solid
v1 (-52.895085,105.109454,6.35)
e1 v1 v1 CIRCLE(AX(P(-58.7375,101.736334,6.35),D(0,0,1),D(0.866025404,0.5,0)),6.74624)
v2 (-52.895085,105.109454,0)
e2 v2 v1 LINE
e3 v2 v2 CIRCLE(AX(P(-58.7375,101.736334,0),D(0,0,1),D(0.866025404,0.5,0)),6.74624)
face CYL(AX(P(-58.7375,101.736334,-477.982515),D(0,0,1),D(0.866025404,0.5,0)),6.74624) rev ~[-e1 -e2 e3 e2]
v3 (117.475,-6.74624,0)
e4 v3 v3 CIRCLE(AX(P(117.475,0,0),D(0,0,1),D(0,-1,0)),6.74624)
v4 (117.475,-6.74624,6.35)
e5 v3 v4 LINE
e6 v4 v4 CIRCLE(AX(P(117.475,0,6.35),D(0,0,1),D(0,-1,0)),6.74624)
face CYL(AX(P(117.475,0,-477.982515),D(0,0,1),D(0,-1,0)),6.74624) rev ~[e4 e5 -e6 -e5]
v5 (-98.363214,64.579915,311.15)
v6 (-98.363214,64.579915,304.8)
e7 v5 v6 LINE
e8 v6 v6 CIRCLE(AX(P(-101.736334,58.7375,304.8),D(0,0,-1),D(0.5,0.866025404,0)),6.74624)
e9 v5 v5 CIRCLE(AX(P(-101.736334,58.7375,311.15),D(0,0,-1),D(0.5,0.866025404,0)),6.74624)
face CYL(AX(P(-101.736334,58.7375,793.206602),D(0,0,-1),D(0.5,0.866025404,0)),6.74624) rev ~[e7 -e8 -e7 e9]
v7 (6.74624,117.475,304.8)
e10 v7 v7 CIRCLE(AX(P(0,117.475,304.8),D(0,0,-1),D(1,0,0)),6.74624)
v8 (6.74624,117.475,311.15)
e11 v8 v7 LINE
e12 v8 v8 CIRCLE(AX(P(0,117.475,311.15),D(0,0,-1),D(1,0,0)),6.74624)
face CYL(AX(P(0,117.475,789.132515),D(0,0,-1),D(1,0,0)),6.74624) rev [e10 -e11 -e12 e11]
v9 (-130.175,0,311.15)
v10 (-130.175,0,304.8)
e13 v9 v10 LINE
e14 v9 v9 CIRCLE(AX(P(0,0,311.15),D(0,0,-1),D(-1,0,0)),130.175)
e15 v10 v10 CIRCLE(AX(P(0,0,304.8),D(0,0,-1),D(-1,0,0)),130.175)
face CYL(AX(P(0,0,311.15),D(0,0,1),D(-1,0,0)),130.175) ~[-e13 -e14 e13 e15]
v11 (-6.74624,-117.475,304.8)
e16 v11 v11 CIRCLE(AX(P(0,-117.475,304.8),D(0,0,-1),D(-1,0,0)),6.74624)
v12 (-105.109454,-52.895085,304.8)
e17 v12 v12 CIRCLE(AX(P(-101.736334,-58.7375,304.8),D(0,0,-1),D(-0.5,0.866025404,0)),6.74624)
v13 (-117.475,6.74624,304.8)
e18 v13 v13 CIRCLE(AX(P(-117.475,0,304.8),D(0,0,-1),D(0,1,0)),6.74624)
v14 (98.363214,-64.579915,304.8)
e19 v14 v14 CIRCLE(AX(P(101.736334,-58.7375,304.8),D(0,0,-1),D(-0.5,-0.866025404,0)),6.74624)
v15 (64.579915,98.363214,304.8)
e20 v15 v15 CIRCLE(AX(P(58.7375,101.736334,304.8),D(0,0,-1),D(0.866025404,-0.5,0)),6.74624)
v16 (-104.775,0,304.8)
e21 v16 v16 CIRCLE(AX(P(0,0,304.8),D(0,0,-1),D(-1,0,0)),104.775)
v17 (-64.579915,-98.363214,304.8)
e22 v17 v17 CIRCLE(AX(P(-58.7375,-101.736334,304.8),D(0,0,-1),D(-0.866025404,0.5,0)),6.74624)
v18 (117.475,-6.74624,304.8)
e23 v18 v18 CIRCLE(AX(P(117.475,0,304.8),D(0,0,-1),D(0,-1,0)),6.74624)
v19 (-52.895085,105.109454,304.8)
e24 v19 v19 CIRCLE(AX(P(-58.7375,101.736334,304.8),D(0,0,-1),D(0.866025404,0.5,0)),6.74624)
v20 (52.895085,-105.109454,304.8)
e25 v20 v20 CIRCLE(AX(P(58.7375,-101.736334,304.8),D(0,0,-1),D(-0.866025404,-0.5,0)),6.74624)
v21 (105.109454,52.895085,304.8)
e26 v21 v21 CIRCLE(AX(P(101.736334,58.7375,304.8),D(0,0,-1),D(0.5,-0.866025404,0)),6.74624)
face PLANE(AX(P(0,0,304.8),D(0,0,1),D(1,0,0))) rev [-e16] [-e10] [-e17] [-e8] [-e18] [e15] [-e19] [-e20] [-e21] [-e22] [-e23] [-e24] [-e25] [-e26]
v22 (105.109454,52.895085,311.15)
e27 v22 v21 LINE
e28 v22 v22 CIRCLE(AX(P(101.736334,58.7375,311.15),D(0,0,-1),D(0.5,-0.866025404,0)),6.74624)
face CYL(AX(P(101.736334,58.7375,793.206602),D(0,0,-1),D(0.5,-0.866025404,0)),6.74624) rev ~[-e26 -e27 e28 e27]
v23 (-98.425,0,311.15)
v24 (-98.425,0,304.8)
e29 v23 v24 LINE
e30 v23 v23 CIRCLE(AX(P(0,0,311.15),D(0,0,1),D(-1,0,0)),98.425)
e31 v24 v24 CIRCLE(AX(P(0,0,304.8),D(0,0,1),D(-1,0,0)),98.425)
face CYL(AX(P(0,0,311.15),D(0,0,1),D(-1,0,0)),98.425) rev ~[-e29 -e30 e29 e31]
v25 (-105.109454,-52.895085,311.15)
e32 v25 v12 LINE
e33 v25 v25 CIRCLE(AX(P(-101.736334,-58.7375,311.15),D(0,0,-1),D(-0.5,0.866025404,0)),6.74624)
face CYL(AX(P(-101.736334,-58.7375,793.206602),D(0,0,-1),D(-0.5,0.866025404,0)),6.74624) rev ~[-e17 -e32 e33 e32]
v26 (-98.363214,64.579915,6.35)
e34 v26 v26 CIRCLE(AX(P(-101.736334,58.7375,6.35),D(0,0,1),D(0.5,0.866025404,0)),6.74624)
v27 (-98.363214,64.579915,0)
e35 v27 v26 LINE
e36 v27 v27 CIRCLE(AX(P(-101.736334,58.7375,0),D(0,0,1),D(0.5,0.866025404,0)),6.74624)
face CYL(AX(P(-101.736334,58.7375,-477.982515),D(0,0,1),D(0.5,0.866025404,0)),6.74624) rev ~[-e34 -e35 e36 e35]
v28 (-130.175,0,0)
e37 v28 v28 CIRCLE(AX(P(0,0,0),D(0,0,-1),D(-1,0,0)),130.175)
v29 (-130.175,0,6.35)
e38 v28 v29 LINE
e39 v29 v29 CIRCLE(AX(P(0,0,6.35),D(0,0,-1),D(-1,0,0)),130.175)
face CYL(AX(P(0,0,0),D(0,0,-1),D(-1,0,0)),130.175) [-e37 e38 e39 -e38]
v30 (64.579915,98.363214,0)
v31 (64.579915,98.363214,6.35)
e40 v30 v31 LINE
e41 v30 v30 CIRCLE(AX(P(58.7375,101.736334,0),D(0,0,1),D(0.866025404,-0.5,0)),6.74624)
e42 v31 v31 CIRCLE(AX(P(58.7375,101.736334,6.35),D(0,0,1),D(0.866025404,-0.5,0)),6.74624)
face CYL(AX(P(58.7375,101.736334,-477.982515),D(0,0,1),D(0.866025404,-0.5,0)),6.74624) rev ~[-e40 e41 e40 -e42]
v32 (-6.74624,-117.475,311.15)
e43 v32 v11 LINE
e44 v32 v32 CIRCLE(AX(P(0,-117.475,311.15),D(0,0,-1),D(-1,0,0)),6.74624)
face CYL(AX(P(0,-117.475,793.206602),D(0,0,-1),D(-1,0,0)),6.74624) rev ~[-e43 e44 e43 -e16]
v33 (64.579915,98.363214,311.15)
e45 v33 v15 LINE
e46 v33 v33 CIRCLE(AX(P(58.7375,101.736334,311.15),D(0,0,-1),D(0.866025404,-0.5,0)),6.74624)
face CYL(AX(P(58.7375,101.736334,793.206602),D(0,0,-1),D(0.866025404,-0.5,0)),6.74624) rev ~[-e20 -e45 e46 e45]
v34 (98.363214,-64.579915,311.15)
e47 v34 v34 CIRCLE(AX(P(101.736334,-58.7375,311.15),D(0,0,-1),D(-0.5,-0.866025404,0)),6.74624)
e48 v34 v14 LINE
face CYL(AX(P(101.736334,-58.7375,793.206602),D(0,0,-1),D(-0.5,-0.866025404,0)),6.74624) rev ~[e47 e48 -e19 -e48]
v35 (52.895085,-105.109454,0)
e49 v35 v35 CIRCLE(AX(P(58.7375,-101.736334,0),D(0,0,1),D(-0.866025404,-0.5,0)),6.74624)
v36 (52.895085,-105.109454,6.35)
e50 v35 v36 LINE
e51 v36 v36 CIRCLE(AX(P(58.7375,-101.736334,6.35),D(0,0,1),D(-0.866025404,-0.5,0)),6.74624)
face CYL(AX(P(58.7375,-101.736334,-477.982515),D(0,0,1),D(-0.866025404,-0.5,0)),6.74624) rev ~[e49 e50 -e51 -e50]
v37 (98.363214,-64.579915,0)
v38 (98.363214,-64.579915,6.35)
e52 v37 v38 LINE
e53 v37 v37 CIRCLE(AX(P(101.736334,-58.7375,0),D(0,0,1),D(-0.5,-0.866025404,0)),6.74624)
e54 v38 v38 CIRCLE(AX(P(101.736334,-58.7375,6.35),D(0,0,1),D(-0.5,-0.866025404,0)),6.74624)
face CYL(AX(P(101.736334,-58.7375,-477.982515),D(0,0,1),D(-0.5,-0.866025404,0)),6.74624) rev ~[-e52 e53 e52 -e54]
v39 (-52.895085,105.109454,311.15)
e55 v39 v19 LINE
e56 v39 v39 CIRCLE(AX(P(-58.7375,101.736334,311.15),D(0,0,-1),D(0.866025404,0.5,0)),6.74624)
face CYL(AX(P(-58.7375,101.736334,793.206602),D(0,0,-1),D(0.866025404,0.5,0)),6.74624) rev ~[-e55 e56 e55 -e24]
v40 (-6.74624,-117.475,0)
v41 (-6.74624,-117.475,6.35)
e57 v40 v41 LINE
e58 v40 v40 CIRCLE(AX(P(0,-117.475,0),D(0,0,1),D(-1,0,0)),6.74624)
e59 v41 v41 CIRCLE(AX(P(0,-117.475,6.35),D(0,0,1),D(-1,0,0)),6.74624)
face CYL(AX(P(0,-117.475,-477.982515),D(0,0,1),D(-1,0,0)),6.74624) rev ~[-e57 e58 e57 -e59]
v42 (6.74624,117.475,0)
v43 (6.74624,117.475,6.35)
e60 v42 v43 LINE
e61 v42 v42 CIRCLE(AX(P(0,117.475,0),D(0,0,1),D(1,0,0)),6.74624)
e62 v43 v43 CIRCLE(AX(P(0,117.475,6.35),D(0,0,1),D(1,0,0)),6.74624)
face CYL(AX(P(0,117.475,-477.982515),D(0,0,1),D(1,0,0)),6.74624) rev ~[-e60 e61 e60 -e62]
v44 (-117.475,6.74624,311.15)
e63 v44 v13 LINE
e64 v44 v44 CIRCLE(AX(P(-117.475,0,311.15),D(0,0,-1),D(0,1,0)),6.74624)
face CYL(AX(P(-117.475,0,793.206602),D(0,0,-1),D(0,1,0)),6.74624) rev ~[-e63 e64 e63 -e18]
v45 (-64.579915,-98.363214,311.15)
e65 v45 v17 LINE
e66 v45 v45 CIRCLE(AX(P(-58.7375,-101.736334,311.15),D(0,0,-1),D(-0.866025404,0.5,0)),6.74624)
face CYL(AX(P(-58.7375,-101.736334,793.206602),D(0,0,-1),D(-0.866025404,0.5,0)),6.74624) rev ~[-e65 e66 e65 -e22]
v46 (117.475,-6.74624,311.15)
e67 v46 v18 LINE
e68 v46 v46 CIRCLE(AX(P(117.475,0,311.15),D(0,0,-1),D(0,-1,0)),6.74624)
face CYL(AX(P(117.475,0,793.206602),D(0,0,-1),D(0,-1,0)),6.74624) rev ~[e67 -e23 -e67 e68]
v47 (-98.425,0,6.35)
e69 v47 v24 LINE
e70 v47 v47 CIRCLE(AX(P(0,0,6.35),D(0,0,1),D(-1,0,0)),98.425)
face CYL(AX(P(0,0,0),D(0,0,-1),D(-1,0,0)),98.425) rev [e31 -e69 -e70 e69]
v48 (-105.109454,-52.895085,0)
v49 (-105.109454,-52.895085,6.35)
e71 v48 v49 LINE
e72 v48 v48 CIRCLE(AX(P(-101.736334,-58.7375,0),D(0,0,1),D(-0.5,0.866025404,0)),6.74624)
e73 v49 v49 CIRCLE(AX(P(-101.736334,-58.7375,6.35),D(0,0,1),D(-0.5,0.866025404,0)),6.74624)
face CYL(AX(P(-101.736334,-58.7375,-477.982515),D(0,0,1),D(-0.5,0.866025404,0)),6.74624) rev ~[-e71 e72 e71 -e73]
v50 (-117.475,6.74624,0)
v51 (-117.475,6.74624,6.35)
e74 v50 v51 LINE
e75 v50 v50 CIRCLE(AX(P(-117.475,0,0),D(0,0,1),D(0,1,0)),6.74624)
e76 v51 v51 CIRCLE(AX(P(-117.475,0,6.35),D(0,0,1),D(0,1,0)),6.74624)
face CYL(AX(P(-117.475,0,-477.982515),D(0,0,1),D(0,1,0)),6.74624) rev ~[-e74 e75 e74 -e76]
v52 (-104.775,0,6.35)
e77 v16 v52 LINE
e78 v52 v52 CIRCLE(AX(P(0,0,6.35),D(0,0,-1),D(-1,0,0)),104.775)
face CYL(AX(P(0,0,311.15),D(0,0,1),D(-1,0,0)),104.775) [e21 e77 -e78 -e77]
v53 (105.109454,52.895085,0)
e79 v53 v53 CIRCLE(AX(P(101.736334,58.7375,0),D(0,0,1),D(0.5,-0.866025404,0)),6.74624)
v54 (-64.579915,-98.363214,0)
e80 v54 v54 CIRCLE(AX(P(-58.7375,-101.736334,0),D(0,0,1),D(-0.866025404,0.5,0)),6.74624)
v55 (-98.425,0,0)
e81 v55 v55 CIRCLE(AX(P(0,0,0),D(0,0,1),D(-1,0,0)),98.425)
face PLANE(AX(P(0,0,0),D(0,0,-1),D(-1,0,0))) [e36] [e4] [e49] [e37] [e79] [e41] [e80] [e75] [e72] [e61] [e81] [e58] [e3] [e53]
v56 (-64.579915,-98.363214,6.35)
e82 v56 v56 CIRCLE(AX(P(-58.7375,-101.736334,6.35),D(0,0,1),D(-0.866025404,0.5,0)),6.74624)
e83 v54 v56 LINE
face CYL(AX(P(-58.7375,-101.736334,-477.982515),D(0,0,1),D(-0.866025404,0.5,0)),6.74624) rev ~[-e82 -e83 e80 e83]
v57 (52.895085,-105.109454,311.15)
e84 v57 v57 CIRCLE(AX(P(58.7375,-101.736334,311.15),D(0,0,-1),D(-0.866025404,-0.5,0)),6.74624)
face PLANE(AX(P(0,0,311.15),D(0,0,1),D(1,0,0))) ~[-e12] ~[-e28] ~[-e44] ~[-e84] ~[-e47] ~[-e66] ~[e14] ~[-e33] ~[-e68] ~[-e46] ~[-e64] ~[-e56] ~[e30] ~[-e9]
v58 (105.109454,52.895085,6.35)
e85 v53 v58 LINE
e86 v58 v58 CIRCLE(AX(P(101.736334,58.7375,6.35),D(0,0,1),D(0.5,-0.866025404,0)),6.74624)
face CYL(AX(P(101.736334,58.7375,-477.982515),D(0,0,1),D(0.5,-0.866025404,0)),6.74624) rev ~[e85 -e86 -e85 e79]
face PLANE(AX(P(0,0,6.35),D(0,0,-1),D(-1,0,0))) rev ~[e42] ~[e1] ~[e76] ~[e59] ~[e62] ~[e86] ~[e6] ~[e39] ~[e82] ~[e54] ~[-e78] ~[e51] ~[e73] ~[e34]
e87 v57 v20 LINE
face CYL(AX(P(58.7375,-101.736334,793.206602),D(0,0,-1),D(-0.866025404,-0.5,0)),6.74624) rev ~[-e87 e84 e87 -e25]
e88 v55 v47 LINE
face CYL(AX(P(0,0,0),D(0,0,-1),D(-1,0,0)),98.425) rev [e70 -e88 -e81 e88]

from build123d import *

# Parameters (mm, degrees)
SKETCH2_R               = 104.775
SKETCH2_R_2             = 98.425
BOSS_EXTRUDE1_DEPTH     = 304.8
SKETCH3_R               = 130.175
SKETCH3_R_2             = 104.775
BOSS_EXTRUDE3_DEPTH     = 6.35
F_1_2_CLEARANCE_HOLE1_D = 13.49248
CIRPATTERN1_COUNT       = 12
MIRROR2_COPY_1_D        = 13.49248
MIRROR2_COPY_2_D        = 13.49248
MIRROR2_COPY_3_D        = 13.49248
MIRROR2_COPY_4_D        = 13.49248
MIRROR2_COPY_5_D        = 13.49248
MIRROR2_COPY_6_D        = 13.49248
MIRROR2_COPY_7_D        = 13.49248
MIRROR2_COPY_8_D        = 13.49248
MIRROR2_COPY_9_D        = 13.49248
MIRROR2_COPY_10_D       = 13.49248
MIRROR2_COPY_11_D       = 13.49248


with BuildPart() as part:
    # Sketch2 → Boss-Extrude1 (new body)
    with BuildSketch(Plane.XY):
        with Locations(Location((0, 0, 0), (0, 0, 180))):
            Circle(SKETCH2_R)
        with Locations(Location((0, 0, 0), (0, 0, 180))):
            Circle(SKETCH2_R_2, mode=Mode.SUBTRACT)
    boss_extrude1 = extrude(amount=BOSS_EXTRUDE1_DEPTH)

    # Sketch3 → Boss-Extrude3 (add)
    with BuildSketch(Plane(origin=(0, 0, 0), x_dir=(-1, 0, 0), z_dir=(0, 0, -1))):
        Circle(SKETCH3_R)
        Circle(SKETCH3_R_2, mode=Mode.SUBTRACT)
    boss_extrude3 = extrude(amount=-BOSS_EXTRUDE3_DEPTH)

    # 1/2 Clearance Hole1 (through all)
    with Locations(Plane(origin=(0, 0, 0), x_dir=(-1, 0, 0), z_dir=(0, 0, -1))):
        with Locations((0, 117.475)):
            f_1_2_clearance_hole1 = Hole(F_1_2_CLEARANCE_HOLE1_D / 2)

    # CirPattern1: 1/2 Clearance Hole1 ×12 about axis
    cirpattern1_axis = Axis((0, 0, 0), (0, 0, 1))
    for i in range(1, CIRPATTERN1_COUNT):
        add(f_1_2_clearance_hole1.rotate(cirpattern1_axis, i * 360 / CIRPATTERN1_COUNT), mode=Mode.SUBTRACT)

    # Mirror2: Boss-Extrude1, Boss-Extrude3, 1/2 Clearance Hole1 across plane
    add(boss_extrude1.mirror(Plane.XY.offset(155.575)))
    add(boss_extrude3.mirror(Plane.XY.offset(155.575)))
    add(f_1_2_clearance_hole1.mirror(Plane.XY.offset(155.575)), mode=Mode.SUBTRACT)

    # Mirror2 copy 1 (through all)
    with Locations(Plane(origin=(0, 0, 311.15), x_dir=(-0.8660254037844387, -0.49999999999999994, 0), z_dir=(0, 0, 1))):
        with Locations((0, -117.475)):
            Hole(MIRROR2_COPY_1_D / 2)

    # Mirror2 copy 2 (through all)
    with Locations(Plane(origin=(0, 0, 311.15), x_dir=(-0.5000000000000001, -0.8660254037844386, 0), z_dir=(0, 0, 1))):
        with Locations((0, -117.475)):
            Hole(MIRROR2_COPY_2_D / 2)

    # Mirror2 copy 3 (through all)
    with Locations(Plane(origin=(0, 0, 311.15), x_dir=(0, -1, 0), z_dir=(0, 0, 1))):
        with Locations((0, -117.475)):
            Hole(MIRROR2_COPY_3_D / 2)

    # Mirror2 copy 4 (through all)
    with Locations(Plane(origin=(0, 0, 311.15), x_dir=(0.4999999999999998, -0.8660254037844387, 0), z_dir=(0, 0, 1))):
        with Locations((0, -117.475)):
            Hole(MIRROR2_COPY_4_D / 2)

    # Mirror2 copy 5 (through all)
    with Locations(Plane(origin=(0, 0, 311.15), x_dir=(0.8660254037844387, -0.49999999999999994, 0), z_dir=(0, 0, 1))):
        with Locations((0, -117.475)):
            Hole(MIRROR2_COPY_5_D / 2)

    # Mirror2 copy 6 (through all)
    with Locations(Plane.XY.offset(311.15)):
        with Locations((0, -117.475)):
            Hole(MIRROR2_COPY_6_D / 2)

    # Mirror2 copy 7 (through all)
    with Locations(Plane(origin=(0, 0, 311.15), x_dir=(0.8660254037844386, 0.5000000000000001, 0), z_dir=(0, 0, 1))):
        with Locations((0, -117.475)):
            Hole(MIRROR2_COPY_7_D / 2)

    # Mirror2 copy 8 (through all)
    with Locations(Plane(origin=(0, 0, 311.15), x_dir=(0.5000000000000004, 0.8660254037844384, 0), z_dir=(0, 0, 1))):
        with Locations((0, -117.475)):
            Hole(MIRROR2_COPY_8_D / 2)

    # Mirror2 copy 9 (through all)
    with Locations(Plane(origin=(0, 0, 311.15), x_dir=(0, 1, 0), z_dir=(0, 0, 1))):
        with Locations((0, -117.475)):
            Hole(MIRROR2_COPY_9_D / 2)

    # Mirror2 copy 10 (through all)
    with Locations(Plane(origin=(0, 0, 311.15), x_dir=(-0.5000000000000001, 0.8660254037844386, 0), z_dir=(0, 0, 1))):
        with Locations((0, -117.475)):
            Hole(MIRROR2_COPY_10_D / 2)

    # Mirror2 copy 11 (through all)
    with Locations(Plane(origin=(0, 0, 311.15), x_dir=(-0.8660254037844384, 0.5000000000000004, 0), z_dir=(0, 0, 1))):
        with Locations((0, -117.475)):
            Hole(MIRROR2_COPY_11_D / 2)


solid = part.part
